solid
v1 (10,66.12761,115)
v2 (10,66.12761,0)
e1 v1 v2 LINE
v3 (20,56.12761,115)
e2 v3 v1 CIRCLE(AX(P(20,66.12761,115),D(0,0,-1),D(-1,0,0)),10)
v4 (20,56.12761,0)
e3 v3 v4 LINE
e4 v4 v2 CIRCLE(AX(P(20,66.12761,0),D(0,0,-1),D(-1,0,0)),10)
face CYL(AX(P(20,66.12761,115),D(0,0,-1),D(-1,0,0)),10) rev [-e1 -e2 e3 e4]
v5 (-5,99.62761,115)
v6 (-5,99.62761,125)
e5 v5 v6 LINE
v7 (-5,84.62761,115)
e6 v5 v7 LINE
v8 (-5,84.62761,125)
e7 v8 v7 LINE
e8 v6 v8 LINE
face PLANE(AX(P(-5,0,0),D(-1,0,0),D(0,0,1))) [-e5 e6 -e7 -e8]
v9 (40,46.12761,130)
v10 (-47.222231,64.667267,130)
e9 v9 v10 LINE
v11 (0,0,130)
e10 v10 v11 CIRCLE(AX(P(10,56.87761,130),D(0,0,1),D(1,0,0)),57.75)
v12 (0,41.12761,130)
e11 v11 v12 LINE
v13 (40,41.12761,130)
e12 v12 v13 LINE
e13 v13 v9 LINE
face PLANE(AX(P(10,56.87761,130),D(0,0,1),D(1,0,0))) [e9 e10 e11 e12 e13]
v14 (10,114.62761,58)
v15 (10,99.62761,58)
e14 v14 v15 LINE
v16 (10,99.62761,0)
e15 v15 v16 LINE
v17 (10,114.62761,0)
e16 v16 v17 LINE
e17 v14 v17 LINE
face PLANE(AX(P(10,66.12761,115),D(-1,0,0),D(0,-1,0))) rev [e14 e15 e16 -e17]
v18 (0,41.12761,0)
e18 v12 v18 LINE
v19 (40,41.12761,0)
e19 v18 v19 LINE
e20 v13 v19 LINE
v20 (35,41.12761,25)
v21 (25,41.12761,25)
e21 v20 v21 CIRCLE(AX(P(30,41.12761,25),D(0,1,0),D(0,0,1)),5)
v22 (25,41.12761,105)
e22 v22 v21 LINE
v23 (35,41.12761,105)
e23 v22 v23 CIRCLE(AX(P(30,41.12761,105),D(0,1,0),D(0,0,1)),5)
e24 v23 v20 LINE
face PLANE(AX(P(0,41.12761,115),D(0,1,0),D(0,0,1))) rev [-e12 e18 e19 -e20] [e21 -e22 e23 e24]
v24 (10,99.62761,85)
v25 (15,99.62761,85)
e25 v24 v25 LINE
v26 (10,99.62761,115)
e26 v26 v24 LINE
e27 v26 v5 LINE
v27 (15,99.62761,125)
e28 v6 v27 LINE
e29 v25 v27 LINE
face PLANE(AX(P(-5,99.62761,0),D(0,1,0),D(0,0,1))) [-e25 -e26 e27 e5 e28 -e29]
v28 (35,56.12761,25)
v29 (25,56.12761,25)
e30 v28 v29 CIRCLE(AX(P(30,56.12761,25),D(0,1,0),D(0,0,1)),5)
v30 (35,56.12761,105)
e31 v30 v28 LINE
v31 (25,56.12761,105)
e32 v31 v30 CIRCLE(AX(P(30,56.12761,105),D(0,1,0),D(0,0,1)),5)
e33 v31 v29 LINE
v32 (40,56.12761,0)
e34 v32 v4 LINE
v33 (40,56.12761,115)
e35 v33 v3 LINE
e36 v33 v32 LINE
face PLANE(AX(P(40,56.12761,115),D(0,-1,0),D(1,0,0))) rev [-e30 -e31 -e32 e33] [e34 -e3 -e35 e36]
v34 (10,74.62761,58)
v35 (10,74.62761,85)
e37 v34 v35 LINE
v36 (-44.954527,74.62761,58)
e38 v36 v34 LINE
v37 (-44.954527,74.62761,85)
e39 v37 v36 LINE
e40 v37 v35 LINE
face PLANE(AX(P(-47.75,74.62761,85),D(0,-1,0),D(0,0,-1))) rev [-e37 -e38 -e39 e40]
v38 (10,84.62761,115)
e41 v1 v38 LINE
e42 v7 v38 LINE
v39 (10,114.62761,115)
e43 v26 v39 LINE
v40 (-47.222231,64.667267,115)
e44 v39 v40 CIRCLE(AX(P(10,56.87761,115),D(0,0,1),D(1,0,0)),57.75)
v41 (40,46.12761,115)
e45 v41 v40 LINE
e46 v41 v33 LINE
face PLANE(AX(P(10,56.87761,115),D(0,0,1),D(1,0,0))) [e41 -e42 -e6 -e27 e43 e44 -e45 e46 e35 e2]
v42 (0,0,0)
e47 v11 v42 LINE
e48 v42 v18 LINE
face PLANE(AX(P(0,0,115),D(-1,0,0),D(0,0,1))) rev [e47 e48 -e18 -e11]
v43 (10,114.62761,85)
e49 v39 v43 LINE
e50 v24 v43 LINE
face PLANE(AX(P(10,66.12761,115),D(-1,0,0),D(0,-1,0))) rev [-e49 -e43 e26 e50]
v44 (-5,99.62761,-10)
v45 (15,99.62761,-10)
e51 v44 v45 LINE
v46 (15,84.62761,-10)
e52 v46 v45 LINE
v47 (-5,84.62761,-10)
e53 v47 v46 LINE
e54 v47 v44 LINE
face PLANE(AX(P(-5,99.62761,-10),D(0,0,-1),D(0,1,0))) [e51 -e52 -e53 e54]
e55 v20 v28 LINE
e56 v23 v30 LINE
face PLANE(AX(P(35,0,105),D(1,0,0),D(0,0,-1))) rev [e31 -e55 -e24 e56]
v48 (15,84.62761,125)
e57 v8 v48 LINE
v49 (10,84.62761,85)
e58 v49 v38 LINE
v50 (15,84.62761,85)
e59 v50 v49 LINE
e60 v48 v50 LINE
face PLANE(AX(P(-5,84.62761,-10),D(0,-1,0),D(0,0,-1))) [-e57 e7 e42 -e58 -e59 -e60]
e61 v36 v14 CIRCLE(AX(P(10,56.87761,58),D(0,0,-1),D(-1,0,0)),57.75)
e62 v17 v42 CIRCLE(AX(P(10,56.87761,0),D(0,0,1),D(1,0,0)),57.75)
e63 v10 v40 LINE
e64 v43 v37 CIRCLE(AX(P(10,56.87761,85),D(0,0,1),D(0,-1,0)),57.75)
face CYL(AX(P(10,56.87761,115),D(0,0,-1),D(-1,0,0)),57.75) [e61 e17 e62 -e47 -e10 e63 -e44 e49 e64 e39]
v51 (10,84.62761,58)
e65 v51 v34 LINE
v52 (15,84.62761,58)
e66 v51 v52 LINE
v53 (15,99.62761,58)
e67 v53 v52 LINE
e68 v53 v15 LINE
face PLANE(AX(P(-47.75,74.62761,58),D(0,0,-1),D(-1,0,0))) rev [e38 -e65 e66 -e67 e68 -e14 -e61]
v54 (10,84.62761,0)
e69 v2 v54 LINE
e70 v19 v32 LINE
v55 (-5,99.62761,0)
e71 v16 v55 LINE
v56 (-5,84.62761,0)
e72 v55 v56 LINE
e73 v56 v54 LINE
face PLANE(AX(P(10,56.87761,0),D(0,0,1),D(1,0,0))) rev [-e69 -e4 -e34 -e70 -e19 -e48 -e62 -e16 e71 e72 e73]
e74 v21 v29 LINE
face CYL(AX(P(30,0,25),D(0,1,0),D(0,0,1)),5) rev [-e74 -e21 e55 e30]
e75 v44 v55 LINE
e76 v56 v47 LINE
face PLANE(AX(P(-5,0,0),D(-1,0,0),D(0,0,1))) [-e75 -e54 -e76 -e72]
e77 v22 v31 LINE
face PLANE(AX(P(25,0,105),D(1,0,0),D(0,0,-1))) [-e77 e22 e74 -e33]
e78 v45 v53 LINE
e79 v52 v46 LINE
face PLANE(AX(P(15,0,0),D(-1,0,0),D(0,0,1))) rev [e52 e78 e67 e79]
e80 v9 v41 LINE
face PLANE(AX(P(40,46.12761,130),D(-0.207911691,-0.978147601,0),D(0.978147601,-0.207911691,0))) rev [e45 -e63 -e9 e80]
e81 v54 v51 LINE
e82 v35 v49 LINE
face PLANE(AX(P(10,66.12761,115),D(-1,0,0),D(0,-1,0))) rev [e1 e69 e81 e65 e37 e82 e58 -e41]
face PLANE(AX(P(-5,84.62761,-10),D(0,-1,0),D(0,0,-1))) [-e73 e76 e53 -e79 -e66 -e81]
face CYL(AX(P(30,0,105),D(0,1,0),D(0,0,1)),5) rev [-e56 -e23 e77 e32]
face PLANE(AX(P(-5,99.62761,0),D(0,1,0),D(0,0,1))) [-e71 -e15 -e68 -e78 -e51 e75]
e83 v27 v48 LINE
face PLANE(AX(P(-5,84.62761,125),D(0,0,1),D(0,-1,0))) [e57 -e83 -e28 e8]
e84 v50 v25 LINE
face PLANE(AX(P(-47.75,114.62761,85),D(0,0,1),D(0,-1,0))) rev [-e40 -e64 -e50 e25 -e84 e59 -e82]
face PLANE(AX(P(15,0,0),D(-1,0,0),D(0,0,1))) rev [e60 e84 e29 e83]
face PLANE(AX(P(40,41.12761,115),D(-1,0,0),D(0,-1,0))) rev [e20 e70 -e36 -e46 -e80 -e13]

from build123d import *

# Parameters (mm, degrees)
BOSS_EXTRUDE1_DEPTH      = 115
BOSS_EXTRUDE2_DEPTH      = 5
BOSS_EXTRUDE2_DEPTH_BACK = 15
CUT_EXTRUDE1_DEPTH       = 177.194640768
CUT_EXTRUDE1_DEPTH_BACK  = 177.194640768
SKETCH8_W                = 27
SKETCH8_H                = 40
BOSS_EXTRUDE3_DEPTH      = 15
CUT_EXTRUDE2_DEPTH       = 151.340654848


with BuildPart() as part:
    # Sketch1 → Boss-Extrude1 (new body)
    with BuildSketch(Plane.XY):
        with BuildLine():
            Line((0, 0), (0, 41.12760983))
            Line((0, 41.12760983), (40, 41.12760983))
            Line((40, 41.12760983), (40, 56.12760983))
            Line((40, 56.12760983), (20, 56.12760983))
            ThreePointArc((20, 56.12760983), (12.928932188, 59.056542018), (10, 66.12760983))
            Line((10, 66.12760983), (10, 114.62760983))
            ThreePointArc((10, 114.62760983), (-47.531489063, 61.896600381), (0, 0))
        make_face()
    extrude(amount=BOSS_EXTRUDE1_DEPTH)

    # Sketch5 → Boss-Extrude2 (add, two sides: drawn at the far end of the back side and taken through both)
    with BuildSketch(Plane(origin=(10, 0, 0), x_dir=(0, 0, -1), z_dir=(1, 0, 0)).offset(-BOSS_EXTRUDE2_DEPTH_BACK)):
        Polygon((0, 99.62760983), (10, 99.62760983), (10, 84.62760983), (-125, 84.62760983), (-125, 99.62760983), align=None)
    extrude(amount=BOSS_EXTRUDE2_DEPTH + BOSS_EXTRUDE2_DEPTH_BACK)

    # Sketch8 → Cut-Extrude1 (cut, two sides: drawn at the far end of the back side and taken through both)
    with BuildSketch(Plane(origin=(0, 0, 0), x_dir=(0, 0, -1), z_dir=(1, 0, 0)).offset(-CUT_EXTRUDE1_DEPTH_BACK)):
        with Locations((-71.5, 94.62760983)):
            Rectangle(SKETCH8_W, SKETCH8_H)
    extrude(amount=CUT_EXTRUDE1_DEPTH + CUT_EXTRUDE1_DEPTH_BACK, mode=Mode.SUBTRACT)

    # Sketch9 → Boss-Extrude3 (add)
    with BuildSketch(Plane.XY.offset(115)):
        with BuildLine():
            Line((40, 46.12760983), (-47.222231128, 64.66726738))
            ThreePointArc((-47.222231128, 64.66726738), (-36.638728081, 22.82042934), (0, 0))
            Line((0, 0), (0, 41.12760983))
            Line((0, 41.12760983), (40, 41.12760983))
            Line((40, 41.12760983), (40, 46.12760983))
        make_face()
    extrude(amount=BOSS_EXTRUDE3_DEPTH)

    # Sketch10 → Cut-Extrude2 (cut, through all)
    with BuildSketch(Plane(origin=(0, 56.12760983, 0), x_dir=(1, 0, 0), z_dir=(0, 1, 0))):
        with BuildLine():
            Line((25, -105), (25, -25))
            ThreePointArc((25, -25), (30, -20), (35, -25))
            Line((35, -25), (35, -105))
            ThreePointArc((35, -105), (30, -110), (25, -105))
        make_face()
    extrude(amount=-CUT_EXTRUDE2_DEPTH, mode=Mode.SUBTRACT)


solid = part.part
